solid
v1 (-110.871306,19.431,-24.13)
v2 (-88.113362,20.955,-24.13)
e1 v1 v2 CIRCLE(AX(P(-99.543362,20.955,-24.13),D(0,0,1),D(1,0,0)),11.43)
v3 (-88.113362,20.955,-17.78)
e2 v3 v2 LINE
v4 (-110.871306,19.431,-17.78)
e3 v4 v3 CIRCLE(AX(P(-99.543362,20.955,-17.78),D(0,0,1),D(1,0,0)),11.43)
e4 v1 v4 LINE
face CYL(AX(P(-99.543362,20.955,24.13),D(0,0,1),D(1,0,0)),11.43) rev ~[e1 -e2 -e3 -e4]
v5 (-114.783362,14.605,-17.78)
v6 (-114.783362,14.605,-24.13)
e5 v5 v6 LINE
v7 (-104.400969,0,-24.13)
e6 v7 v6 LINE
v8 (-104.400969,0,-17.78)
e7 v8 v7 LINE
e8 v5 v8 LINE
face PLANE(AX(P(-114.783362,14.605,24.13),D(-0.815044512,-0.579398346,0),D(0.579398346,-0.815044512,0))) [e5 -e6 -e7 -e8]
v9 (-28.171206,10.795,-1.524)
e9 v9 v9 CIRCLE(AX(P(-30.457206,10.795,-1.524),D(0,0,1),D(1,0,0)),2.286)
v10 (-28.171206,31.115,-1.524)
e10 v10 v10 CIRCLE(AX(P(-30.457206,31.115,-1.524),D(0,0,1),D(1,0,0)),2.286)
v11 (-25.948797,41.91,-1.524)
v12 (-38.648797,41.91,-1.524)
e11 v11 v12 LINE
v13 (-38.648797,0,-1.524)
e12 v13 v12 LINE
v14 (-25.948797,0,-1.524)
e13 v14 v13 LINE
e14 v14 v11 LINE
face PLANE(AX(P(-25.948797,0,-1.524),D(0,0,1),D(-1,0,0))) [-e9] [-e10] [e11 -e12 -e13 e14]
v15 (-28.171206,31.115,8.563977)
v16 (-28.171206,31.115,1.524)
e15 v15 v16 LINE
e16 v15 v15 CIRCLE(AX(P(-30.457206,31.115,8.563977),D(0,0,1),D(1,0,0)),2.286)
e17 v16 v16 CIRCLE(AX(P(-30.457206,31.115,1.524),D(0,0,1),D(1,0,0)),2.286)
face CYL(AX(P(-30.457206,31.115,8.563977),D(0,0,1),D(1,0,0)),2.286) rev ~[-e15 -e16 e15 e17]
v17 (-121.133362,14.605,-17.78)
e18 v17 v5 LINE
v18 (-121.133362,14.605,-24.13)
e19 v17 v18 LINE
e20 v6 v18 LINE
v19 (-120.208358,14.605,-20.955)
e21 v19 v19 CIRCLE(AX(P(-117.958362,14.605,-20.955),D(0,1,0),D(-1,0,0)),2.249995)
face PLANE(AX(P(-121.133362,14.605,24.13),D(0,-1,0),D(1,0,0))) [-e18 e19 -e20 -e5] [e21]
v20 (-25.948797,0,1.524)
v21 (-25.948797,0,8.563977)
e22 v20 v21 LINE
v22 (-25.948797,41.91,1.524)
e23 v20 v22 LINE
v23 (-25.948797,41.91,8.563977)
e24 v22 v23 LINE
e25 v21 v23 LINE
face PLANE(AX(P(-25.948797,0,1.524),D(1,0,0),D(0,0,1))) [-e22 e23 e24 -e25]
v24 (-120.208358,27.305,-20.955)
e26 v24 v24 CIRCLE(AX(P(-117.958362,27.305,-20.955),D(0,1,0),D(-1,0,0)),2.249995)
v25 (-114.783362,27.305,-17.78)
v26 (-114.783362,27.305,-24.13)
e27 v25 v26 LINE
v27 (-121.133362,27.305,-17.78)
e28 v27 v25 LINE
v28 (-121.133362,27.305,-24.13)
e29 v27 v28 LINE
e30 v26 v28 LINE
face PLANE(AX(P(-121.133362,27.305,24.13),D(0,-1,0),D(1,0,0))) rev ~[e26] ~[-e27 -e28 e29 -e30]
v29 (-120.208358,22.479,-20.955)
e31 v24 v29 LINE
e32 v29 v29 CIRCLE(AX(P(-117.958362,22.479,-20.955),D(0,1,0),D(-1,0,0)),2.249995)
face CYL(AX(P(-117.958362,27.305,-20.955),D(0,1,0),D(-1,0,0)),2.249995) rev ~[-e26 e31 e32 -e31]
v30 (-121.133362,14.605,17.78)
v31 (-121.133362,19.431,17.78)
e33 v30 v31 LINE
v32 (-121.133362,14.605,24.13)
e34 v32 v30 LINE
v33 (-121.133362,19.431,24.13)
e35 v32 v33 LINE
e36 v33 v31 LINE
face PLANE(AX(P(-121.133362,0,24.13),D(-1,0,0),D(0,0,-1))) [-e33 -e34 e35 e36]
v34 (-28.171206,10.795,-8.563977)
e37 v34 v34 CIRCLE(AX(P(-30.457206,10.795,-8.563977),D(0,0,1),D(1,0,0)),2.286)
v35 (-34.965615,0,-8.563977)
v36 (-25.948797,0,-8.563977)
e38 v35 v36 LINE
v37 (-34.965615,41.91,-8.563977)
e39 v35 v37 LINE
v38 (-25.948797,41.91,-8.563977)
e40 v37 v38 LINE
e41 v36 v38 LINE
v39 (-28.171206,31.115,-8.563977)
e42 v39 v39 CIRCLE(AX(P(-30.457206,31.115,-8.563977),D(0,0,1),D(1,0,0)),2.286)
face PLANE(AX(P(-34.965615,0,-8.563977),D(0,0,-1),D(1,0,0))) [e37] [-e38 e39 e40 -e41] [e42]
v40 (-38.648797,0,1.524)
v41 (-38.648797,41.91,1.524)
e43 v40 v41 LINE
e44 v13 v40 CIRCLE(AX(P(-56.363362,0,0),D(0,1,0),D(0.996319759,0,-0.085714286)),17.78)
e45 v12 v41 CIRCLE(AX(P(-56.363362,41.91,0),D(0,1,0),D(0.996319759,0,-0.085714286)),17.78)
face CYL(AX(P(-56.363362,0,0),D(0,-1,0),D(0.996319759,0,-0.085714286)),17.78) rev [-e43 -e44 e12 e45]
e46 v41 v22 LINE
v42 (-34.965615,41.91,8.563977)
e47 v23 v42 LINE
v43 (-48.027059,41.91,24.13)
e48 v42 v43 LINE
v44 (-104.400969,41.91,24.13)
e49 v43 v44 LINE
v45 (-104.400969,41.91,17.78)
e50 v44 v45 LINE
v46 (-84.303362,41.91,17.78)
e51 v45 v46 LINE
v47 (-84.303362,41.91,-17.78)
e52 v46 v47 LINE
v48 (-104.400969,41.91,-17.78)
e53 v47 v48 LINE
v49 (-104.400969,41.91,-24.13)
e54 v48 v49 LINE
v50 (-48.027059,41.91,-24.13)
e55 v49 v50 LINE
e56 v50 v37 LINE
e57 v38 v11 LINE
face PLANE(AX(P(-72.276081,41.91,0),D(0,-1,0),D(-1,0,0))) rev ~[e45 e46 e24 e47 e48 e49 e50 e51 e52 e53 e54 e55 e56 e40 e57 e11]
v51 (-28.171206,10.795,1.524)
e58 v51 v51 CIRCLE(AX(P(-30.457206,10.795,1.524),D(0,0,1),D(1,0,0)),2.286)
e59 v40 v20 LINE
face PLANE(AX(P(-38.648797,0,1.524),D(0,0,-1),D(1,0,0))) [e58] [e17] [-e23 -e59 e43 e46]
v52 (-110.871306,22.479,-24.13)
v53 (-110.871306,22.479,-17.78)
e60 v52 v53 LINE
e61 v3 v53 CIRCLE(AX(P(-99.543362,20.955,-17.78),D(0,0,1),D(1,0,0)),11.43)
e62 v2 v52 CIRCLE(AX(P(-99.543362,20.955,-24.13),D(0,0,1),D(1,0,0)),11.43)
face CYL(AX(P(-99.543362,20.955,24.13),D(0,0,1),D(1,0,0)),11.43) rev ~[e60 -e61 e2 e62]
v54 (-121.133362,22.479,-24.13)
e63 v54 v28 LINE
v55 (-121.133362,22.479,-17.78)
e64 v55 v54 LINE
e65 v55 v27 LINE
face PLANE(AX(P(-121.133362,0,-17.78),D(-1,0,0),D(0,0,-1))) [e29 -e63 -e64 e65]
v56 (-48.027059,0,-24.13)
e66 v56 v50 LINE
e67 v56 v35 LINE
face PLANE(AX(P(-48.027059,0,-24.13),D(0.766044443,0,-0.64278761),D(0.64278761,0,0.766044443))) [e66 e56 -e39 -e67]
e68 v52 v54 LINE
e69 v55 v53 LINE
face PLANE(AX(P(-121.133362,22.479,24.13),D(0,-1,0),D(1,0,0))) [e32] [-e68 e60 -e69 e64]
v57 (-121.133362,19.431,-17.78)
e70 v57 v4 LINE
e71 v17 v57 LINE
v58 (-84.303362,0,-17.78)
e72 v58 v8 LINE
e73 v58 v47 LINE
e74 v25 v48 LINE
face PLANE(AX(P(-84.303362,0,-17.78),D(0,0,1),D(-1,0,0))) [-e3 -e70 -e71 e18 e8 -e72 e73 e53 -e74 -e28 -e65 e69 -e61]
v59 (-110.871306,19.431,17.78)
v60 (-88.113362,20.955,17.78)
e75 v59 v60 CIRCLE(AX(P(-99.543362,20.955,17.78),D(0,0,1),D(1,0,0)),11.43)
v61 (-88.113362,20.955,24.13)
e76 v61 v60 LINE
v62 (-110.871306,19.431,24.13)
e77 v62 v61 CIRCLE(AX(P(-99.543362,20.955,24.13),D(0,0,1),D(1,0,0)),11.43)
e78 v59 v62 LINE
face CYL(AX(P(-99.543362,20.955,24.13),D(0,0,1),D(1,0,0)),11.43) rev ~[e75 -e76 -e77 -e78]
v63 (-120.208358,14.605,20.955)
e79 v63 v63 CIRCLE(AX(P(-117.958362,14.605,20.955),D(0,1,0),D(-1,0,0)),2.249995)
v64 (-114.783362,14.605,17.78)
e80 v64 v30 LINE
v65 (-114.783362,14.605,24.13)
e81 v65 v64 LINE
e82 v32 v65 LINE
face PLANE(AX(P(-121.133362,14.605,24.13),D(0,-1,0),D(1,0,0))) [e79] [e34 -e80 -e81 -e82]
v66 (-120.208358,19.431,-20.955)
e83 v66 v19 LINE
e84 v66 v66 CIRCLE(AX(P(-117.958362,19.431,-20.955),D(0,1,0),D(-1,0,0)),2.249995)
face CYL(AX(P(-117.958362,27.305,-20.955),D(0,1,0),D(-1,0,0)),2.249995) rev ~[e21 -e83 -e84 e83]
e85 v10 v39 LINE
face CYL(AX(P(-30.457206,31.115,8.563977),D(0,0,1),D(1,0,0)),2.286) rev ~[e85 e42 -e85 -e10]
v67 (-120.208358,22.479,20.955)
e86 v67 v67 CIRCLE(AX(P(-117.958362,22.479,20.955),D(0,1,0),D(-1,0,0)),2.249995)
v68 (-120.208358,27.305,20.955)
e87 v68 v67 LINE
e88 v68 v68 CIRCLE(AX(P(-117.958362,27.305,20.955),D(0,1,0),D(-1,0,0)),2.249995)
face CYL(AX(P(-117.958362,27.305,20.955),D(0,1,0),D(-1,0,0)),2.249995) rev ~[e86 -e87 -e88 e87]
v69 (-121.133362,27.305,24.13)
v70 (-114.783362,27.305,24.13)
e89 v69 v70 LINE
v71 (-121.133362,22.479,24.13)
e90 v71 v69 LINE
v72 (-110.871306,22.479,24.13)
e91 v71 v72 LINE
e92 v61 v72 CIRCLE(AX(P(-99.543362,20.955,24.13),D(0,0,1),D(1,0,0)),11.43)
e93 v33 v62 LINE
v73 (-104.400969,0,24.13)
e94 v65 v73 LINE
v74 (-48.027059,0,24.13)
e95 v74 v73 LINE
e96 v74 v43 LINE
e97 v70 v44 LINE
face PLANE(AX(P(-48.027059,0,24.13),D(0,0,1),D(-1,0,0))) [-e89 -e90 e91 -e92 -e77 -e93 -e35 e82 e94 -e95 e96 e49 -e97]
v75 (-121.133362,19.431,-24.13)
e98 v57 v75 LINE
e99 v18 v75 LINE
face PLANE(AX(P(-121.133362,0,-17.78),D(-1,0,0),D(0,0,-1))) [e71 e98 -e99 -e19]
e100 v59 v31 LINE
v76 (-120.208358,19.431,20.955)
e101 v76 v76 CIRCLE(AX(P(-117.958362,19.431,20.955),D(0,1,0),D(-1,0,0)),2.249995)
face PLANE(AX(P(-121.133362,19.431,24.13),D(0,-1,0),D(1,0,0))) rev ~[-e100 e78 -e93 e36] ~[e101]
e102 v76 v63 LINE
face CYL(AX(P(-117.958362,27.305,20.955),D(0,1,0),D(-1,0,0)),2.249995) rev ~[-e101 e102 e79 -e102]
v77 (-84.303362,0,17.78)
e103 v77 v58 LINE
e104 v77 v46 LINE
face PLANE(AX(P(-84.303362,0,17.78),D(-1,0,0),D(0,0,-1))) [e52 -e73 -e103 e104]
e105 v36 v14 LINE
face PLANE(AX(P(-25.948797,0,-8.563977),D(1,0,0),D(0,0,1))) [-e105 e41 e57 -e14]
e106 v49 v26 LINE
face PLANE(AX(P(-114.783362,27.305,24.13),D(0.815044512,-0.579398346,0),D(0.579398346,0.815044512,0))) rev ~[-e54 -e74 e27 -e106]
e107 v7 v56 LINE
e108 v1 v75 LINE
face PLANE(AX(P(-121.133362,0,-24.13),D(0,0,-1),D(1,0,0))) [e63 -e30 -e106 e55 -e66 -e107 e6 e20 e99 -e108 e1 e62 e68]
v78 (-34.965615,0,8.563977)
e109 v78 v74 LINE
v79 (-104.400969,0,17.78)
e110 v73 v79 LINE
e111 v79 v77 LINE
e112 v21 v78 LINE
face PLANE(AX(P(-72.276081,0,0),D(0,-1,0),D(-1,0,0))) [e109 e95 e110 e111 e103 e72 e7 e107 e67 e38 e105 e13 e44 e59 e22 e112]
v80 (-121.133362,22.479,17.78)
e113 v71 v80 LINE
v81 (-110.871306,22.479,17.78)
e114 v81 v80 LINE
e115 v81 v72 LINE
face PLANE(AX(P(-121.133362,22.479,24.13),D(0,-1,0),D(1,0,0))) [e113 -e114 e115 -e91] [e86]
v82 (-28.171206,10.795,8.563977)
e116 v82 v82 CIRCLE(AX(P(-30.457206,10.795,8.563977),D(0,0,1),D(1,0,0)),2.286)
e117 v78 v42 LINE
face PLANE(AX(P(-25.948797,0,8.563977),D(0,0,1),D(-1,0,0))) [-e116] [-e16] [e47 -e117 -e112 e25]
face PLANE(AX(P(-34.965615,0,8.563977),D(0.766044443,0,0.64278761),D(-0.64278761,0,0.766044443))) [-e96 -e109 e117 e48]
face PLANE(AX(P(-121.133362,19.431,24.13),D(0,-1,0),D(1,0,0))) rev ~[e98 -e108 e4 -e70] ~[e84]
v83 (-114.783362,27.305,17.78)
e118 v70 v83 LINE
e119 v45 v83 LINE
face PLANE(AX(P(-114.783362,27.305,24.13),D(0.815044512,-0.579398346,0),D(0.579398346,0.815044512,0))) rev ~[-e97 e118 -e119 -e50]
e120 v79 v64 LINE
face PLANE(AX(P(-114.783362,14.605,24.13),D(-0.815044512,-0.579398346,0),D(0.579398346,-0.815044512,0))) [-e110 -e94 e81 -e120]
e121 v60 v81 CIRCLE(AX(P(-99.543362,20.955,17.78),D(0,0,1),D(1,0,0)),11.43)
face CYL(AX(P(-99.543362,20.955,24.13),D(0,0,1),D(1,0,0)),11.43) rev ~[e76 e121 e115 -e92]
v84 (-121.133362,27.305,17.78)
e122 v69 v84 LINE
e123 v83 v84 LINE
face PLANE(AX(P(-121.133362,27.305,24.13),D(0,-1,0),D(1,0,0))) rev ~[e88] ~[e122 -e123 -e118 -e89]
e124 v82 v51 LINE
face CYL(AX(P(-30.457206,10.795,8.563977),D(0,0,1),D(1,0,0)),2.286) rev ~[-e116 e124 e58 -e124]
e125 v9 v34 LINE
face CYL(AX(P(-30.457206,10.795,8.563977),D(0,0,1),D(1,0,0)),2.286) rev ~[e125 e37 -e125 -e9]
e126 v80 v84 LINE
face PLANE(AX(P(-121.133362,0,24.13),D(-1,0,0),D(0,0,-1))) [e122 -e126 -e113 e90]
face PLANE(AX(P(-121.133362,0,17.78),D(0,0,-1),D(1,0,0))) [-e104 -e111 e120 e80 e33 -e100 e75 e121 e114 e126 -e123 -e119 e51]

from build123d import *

# Parameters (mm, degrees)
BOSS_EXTRUDE1_DEPTH = 41.91
SKETCH2_R           = 11.43
CUT_EXTRUDE1_DEPTH  = 56.388
SKETCH3_W           = 21.064654828
SKETCH3_H           = 1.524
CUT_EXTRUDE3_DEPTH  = 56.388
SKETCH4_R           = 2.2499955
CUT_EXTRUDE4_DEPTH  = 56.388
SKETCH5_R           = 2.286
CUT_EXTRUDE5_DEPTH  = 56.388


with BuildPart() as part:
    # Sketch1 → Boss-Extrude1 (new body)
    with BuildSketch(Plane(origin=(0, 0, 0), x_dir=(1, 0, 0), z_dir=(0, 1, 0))):
        with BuildLine():
            Line((-121.13336204, 24.13), (-48.027058794, 24.13))
            Line((-48.027058794, 24.13), (-34.965614565, 8.563976916))
            Line((-34.965614565, 8.563976916), (-25.948796733, 8.563976916))
            Line((-25.948796733, 8.563976916), (-25.948796733, 1.524))
            Line((-25.948796733, 1.524), (-38.648796733, 1.524))
            ThreePointArc((-38.648796733, 1.524), (-74.14336204, 0), (-38.648796733, -1.524))
            Line((-38.648796733, -1.524), (-25.948796733, -1.524))
            Line((-25.948796733, -1.524), (-25.948796733, -8.563976916))
            Line((-25.948796733, -8.563976916), (-34.965614565, -8.563976916))
            Line((-34.965614565, -8.563976916), (-48.027058794, -24.13))
            Line((-48.027058794, -24.13), (-121.13336204, -24.13))
            Line((-121.13336204, -24.13), (-121.13336204, -17.78))
            Line((-121.13336204, -17.78), (-84.30336204, -17.78))
            Line((-84.30336204, -17.78), (-84.30336204, 17.78))
            Line((-84.30336204, 17.78), (-121.13336204, 17.78))
            Line((-121.13336204, 17.78), (-121.13336204, 24.13))
        make_face()
    extrude(amount=BOSS_EXTRUDE1_DEPTH)

    # Sketch2 → Cut-Extrude1 (cut)
    with BuildSketch(Plane.XY.offset(24.13)):
        with Locations((-99.54336204, 20.955)):
            Circle(SKETCH2_R)
    extrude(amount=-CUT_EXTRUDE1_DEPTH, mode=Mode.SUBTRACT)

    # Sketch3 → Cut-Extrude3 (cut)
    with BuildSketch(Plane.XY.offset(24.13)):
        Polygon((-121.13336204, 14.605), (-114.78336204, 14.605), (-104.400968543, 0), (-121.13336204, 0), align=None)
        Polygon((-104.400968543, 41.91), (-121.13336204, 41.91), (-121.13336204, 27.305), (-114.78336204, 27.305), align=None)
        with Locations((-110.601034626, 20.193)):
            Rectangle(SKETCH3_W, SKETCH3_H)
        with Locations((-110.601034626, 21.717)):
            Rectangle(SKETCH3_W, SKETCH3_H)
    extrude(amount=-CUT_EXTRUDE3_DEPTH, mode=Mode.SUBTRACT)

    # Sketch4 → Cut-Extrude4 (cut)
    with BuildSketch(Plane(origin=(0, 27.305, 0), x_dir=(1, 0, 0), z_dir=(0, 1, 0))):
        with Locations(Location((-117.95836204, 20.955, 0), (0, 0, 180))):
            Circle(SKETCH4_R)
        with Locations(Location((-117.95836204, -20.955, 0), (0, 0, 180))):
            Circle(SKETCH4_R)
    extrude(amount=-CUT_EXTRUDE4_DEPTH, mode=Mode.SUBTRACT)

    # Sketch5 → Cut-Extrude5 (cut)
    with BuildSketch(Plane.XY.offset(8.563976916)):
        with Locations((-30.457205649, 31.115)):
            Circle(SKETCH5_R)
        with Locations((-30.457205649, 10.795)):
            Circle(SKETCH5_R)
    extrude(amount=-CUT_EXTRUDE5_DEPTH, mode=Mode.SUBTRACT)


solid = part.part
